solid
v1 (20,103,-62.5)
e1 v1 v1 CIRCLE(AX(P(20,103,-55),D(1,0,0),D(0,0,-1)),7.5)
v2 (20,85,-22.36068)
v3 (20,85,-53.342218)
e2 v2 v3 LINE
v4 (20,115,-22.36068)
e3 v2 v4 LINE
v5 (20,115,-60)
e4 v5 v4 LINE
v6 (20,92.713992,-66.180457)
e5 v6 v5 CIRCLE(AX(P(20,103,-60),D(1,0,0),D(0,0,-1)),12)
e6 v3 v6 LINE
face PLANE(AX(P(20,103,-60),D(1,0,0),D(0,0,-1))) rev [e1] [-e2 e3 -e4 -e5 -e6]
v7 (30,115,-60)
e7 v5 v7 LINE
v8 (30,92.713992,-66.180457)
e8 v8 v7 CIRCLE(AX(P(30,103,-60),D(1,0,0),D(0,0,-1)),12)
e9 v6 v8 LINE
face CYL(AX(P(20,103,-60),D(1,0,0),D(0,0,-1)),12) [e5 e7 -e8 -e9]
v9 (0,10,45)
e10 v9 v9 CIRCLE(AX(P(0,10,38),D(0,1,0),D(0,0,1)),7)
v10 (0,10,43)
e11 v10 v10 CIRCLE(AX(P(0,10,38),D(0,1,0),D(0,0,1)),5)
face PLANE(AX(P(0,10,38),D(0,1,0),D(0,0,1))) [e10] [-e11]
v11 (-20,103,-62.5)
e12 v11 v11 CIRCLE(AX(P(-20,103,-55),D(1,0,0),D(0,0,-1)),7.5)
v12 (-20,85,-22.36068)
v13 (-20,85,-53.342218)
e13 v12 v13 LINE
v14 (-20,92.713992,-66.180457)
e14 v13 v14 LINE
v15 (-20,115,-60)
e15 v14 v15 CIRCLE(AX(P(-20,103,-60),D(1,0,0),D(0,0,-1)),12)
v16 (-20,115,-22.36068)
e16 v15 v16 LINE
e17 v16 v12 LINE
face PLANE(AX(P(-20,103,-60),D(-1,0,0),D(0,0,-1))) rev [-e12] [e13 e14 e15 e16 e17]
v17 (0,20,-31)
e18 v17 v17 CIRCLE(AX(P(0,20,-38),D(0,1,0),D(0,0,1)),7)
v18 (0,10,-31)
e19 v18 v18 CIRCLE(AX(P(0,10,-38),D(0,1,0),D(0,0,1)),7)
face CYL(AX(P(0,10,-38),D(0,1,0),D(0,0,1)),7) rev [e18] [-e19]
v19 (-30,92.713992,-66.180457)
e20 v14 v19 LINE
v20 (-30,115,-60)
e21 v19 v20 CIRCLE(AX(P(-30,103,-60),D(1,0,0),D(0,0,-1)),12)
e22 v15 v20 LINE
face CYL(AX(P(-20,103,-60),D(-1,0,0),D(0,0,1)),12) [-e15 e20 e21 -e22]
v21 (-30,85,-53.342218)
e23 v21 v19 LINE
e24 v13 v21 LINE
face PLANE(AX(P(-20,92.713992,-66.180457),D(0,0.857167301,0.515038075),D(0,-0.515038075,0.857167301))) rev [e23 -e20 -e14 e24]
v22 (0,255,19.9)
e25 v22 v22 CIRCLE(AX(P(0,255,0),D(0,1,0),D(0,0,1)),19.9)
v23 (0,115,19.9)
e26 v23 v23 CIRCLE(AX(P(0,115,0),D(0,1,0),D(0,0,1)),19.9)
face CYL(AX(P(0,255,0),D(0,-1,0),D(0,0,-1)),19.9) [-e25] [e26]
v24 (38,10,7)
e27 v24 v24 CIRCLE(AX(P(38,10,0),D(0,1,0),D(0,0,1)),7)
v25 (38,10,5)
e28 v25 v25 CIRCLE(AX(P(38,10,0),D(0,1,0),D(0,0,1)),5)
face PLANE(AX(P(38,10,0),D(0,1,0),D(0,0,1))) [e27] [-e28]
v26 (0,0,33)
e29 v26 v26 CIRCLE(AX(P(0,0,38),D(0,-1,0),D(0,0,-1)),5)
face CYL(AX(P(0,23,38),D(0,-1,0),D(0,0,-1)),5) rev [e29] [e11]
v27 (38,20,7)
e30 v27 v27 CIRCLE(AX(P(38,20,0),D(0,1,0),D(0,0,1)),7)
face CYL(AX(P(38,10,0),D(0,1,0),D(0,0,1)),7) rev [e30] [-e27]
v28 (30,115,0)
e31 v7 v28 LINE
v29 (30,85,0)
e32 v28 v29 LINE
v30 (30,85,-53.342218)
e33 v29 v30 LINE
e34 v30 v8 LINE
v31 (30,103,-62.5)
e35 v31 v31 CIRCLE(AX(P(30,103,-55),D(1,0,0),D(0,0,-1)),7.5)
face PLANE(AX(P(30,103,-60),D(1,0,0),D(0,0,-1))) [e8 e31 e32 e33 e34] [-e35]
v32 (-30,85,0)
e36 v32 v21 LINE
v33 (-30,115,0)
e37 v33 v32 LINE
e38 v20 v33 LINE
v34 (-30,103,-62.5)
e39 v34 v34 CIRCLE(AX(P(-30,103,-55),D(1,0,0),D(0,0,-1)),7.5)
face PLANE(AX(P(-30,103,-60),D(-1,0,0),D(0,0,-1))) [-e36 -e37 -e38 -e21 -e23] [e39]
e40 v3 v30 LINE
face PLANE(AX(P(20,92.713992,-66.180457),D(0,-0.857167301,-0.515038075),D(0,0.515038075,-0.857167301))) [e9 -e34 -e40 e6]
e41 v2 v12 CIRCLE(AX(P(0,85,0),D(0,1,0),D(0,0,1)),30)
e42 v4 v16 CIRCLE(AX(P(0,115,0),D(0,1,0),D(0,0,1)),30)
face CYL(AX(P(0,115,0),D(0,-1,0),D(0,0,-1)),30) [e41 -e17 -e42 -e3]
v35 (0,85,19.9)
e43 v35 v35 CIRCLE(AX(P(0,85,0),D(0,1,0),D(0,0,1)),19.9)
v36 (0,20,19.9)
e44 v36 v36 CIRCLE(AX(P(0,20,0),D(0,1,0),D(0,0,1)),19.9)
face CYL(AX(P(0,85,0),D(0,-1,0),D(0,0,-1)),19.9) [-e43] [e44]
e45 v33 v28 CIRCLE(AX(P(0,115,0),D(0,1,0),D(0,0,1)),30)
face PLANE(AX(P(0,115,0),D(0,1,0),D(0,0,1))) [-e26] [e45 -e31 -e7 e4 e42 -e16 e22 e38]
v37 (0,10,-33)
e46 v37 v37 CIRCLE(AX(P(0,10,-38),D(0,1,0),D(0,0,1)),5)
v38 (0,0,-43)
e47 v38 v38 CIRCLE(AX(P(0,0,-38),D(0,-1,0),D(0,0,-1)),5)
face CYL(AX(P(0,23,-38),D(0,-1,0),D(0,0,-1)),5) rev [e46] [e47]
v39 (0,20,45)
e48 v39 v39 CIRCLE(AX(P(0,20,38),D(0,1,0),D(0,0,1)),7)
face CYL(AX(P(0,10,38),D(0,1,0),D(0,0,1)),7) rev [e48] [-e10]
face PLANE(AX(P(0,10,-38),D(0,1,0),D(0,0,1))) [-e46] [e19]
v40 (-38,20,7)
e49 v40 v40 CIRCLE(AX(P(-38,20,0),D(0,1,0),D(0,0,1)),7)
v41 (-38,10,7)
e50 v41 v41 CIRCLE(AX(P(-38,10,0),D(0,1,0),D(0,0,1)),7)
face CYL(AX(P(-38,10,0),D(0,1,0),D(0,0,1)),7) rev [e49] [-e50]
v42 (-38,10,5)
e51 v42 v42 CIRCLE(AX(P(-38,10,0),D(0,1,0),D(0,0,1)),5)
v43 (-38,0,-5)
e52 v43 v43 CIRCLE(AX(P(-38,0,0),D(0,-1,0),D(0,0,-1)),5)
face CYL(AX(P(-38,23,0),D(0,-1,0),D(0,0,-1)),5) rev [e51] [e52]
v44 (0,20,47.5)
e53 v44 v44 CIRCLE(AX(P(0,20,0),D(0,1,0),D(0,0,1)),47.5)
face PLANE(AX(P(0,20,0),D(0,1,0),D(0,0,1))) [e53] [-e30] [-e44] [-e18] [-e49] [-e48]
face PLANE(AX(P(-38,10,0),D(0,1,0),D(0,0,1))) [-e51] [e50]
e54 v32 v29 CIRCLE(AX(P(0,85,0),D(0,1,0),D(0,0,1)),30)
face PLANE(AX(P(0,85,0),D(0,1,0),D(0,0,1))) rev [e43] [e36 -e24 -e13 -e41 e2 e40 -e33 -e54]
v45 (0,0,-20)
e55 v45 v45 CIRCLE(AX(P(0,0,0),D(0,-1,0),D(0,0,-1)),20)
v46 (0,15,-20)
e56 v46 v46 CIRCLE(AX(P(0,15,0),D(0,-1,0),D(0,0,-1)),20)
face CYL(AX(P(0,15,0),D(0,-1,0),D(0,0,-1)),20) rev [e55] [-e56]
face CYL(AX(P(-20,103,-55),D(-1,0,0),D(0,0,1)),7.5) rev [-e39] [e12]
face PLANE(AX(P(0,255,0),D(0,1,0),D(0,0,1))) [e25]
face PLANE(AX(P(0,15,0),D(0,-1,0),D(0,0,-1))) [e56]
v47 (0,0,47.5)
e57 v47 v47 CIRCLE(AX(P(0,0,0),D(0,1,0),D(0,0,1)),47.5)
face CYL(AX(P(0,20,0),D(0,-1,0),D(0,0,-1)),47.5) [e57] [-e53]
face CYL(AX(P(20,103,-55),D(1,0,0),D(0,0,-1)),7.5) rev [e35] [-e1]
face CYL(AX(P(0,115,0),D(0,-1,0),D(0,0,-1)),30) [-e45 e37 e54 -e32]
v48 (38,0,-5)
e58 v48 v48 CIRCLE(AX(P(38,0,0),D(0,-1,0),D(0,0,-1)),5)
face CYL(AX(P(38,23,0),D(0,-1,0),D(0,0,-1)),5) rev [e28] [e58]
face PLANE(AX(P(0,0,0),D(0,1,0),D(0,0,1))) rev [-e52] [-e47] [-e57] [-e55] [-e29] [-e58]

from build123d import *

# Parameters (mm, degrees)
SKETCH1_R           = 47.5
BOSS_EXTRUDE1_DEPTH = 20
SKETCH2_R           = 19.9
BOSS_EXTRUDE2_DEPTH = 65
SKETCH3_R           = 30
BOSS_EXTRUDE3_DEPTH = 30
SKETCH4_R           = 19.9
BOSS_EXTRUDE4_DEPTH = 140
SKETCH5_R           = 7.5
BOSS_EXTRUDE5_DEPTH = 10
SKETCH6_R           = 7
CUT_EXTRUDE1_DEPTH  = 10
SKETCH7_R           = 5
CUT_EXTRUDE2_DEPTH  = 23
SKETCH8_R           = 20
CUT_EXTRUDE3_DEPTH  = 15


with BuildPart() as part:
    # Sketch1 → Boss-Extrude1 (new body)
    with BuildSketch(Plane(origin=(0, 0, 0), x_dir=(1, 0, 0), z_dir=(0, 1, 0))):
        with Locations(Location((0, 0, 0), (0, 0, 270))):
            Circle(SKETCH1_R)
    extrude(amount=BOSS_EXTRUDE1_DEPTH)

    # Sketch2 → Boss-Extrude2 (add)
    with BuildSketch(Plane(origin=(0, 20, 0), x_dir=(1, 0, 0), z_dir=(0, 1, 0))):
        with Locations(Location((0, 0, 0), (0, 0, 270))):
            Circle(SKETCH2_R)
    extrude(amount=BOSS_EXTRUDE2_DEPTH)

    # Sketch3 → Boss-Extrude3 (add)
    with BuildSketch(Plane(origin=(0, 85, 0), x_dir=(1, 0, 0), z_dir=(0, 1, 0))):
        with Locations(Location((0, 0, 0), (0, 0, 270))):
            Circle(SKETCH3_R)
    extrude(amount=BOSS_EXTRUDE3_DEPTH)

    # Sketch4 → Boss-Extrude4 (add)
    with BuildSketch(Plane(origin=(0, 115, 0), x_dir=(1, 0, 0), z_dir=(0, 1, 0))):
        with Locations(Location((0, 0, 0), (0, 0, 270))):
            Circle(SKETCH4_R)
    extrude(amount=BOSS_EXTRUDE4_DEPTH)

    # Sketch5 → Boss-Extrude5 (add)
    with BuildSketch(Plane(origin=(30, 0, 0), x_dir=(0, 0, -1), z_dir=(1, 0, 0))):
        with BuildLine():
            Line((0, 115), (55, 115))
            Line((55, 115), (60, 115))
            ThreePointArc((60, 115), (71.563565439, 106.206860513), (66.180456899, 92.713992392))
            Line((66.180456899, 92.713992392), (53.342217635, 85))
            Line((53.342217635, 85), (0, 85))
            Line((0, 85), (0, 115))
        make_face()
        with Locations((55, 103)):
            Circle(SKETCH5_R, mode=Mode.SUBTRACT)
    boss_extrude5 = extrude(amount=-BOSS_EXTRUDE5_DEPTH)

    # Mirror1: Boss-Extrude5 across plane
    add(boss_extrude5.mirror(Plane(origin=(0, 0, 0), x_dir=(0, 0, 1), z_dir=(1, 0, 0))))

    # Sketch6 → Cut-Extrude1 (cut)
    with BuildSketch(Plane(origin=(0, 20, 0), x_dir=(1, 0, 0), z_dir=(0, 1, 0))):
        with Locations(Location((0, 38, 0), (0, 0, 270))):
            Circle(SKETCH6_R)
        with Locations(Location((38, 0, 0), (0, 0, 270))):
            Circle(SKETCH6_R)
        with Locations(Location((0, -38, 0), (0, 0, 270))):
            Circle(SKETCH6_R)
        with Locations(Location((-38, 0, 0), (0, 0, 270))):
            Circle(SKETCH6_R)
    extrude(amount=-CUT_EXTRUDE1_DEPTH, mode=Mode.SUBTRACT)

    # Sketch7 → Cut-Extrude2 (cut)
    with BuildSketch(Plane.XZ):
        with Locations(Location((0, 38, 0), (0, 0, 270))):
            Circle(SKETCH7_R)
        with Locations(Location((38, 0, 0), (0, 0, 270))):
            Circle(SKETCH7_R)
        with Locations(Location((0, -38, 0), (0, 0, 270))):
            Circle(SKETCH7_R)
        with Locations(Location((-38, 0, 0), (0, 0, 270))):
            Circle(SKETCH7_R)
    extrude(amount=-CUT_EXTRUDE2_DEPTH, mode=Mode.SUBTRACT)

    # Sketch8 → Cut-Extrude3 (cut)
    with BuildSketch(Plane.XZ):
        with Locations(Location((0, 0, 0), (0, 0, 270))):
            Circle(SKETCH8_R)
    extrude(amount=-CUT_EXTRUDE3_DEPTH, mode=Mode.SUBTRACT)


solid = part.part
